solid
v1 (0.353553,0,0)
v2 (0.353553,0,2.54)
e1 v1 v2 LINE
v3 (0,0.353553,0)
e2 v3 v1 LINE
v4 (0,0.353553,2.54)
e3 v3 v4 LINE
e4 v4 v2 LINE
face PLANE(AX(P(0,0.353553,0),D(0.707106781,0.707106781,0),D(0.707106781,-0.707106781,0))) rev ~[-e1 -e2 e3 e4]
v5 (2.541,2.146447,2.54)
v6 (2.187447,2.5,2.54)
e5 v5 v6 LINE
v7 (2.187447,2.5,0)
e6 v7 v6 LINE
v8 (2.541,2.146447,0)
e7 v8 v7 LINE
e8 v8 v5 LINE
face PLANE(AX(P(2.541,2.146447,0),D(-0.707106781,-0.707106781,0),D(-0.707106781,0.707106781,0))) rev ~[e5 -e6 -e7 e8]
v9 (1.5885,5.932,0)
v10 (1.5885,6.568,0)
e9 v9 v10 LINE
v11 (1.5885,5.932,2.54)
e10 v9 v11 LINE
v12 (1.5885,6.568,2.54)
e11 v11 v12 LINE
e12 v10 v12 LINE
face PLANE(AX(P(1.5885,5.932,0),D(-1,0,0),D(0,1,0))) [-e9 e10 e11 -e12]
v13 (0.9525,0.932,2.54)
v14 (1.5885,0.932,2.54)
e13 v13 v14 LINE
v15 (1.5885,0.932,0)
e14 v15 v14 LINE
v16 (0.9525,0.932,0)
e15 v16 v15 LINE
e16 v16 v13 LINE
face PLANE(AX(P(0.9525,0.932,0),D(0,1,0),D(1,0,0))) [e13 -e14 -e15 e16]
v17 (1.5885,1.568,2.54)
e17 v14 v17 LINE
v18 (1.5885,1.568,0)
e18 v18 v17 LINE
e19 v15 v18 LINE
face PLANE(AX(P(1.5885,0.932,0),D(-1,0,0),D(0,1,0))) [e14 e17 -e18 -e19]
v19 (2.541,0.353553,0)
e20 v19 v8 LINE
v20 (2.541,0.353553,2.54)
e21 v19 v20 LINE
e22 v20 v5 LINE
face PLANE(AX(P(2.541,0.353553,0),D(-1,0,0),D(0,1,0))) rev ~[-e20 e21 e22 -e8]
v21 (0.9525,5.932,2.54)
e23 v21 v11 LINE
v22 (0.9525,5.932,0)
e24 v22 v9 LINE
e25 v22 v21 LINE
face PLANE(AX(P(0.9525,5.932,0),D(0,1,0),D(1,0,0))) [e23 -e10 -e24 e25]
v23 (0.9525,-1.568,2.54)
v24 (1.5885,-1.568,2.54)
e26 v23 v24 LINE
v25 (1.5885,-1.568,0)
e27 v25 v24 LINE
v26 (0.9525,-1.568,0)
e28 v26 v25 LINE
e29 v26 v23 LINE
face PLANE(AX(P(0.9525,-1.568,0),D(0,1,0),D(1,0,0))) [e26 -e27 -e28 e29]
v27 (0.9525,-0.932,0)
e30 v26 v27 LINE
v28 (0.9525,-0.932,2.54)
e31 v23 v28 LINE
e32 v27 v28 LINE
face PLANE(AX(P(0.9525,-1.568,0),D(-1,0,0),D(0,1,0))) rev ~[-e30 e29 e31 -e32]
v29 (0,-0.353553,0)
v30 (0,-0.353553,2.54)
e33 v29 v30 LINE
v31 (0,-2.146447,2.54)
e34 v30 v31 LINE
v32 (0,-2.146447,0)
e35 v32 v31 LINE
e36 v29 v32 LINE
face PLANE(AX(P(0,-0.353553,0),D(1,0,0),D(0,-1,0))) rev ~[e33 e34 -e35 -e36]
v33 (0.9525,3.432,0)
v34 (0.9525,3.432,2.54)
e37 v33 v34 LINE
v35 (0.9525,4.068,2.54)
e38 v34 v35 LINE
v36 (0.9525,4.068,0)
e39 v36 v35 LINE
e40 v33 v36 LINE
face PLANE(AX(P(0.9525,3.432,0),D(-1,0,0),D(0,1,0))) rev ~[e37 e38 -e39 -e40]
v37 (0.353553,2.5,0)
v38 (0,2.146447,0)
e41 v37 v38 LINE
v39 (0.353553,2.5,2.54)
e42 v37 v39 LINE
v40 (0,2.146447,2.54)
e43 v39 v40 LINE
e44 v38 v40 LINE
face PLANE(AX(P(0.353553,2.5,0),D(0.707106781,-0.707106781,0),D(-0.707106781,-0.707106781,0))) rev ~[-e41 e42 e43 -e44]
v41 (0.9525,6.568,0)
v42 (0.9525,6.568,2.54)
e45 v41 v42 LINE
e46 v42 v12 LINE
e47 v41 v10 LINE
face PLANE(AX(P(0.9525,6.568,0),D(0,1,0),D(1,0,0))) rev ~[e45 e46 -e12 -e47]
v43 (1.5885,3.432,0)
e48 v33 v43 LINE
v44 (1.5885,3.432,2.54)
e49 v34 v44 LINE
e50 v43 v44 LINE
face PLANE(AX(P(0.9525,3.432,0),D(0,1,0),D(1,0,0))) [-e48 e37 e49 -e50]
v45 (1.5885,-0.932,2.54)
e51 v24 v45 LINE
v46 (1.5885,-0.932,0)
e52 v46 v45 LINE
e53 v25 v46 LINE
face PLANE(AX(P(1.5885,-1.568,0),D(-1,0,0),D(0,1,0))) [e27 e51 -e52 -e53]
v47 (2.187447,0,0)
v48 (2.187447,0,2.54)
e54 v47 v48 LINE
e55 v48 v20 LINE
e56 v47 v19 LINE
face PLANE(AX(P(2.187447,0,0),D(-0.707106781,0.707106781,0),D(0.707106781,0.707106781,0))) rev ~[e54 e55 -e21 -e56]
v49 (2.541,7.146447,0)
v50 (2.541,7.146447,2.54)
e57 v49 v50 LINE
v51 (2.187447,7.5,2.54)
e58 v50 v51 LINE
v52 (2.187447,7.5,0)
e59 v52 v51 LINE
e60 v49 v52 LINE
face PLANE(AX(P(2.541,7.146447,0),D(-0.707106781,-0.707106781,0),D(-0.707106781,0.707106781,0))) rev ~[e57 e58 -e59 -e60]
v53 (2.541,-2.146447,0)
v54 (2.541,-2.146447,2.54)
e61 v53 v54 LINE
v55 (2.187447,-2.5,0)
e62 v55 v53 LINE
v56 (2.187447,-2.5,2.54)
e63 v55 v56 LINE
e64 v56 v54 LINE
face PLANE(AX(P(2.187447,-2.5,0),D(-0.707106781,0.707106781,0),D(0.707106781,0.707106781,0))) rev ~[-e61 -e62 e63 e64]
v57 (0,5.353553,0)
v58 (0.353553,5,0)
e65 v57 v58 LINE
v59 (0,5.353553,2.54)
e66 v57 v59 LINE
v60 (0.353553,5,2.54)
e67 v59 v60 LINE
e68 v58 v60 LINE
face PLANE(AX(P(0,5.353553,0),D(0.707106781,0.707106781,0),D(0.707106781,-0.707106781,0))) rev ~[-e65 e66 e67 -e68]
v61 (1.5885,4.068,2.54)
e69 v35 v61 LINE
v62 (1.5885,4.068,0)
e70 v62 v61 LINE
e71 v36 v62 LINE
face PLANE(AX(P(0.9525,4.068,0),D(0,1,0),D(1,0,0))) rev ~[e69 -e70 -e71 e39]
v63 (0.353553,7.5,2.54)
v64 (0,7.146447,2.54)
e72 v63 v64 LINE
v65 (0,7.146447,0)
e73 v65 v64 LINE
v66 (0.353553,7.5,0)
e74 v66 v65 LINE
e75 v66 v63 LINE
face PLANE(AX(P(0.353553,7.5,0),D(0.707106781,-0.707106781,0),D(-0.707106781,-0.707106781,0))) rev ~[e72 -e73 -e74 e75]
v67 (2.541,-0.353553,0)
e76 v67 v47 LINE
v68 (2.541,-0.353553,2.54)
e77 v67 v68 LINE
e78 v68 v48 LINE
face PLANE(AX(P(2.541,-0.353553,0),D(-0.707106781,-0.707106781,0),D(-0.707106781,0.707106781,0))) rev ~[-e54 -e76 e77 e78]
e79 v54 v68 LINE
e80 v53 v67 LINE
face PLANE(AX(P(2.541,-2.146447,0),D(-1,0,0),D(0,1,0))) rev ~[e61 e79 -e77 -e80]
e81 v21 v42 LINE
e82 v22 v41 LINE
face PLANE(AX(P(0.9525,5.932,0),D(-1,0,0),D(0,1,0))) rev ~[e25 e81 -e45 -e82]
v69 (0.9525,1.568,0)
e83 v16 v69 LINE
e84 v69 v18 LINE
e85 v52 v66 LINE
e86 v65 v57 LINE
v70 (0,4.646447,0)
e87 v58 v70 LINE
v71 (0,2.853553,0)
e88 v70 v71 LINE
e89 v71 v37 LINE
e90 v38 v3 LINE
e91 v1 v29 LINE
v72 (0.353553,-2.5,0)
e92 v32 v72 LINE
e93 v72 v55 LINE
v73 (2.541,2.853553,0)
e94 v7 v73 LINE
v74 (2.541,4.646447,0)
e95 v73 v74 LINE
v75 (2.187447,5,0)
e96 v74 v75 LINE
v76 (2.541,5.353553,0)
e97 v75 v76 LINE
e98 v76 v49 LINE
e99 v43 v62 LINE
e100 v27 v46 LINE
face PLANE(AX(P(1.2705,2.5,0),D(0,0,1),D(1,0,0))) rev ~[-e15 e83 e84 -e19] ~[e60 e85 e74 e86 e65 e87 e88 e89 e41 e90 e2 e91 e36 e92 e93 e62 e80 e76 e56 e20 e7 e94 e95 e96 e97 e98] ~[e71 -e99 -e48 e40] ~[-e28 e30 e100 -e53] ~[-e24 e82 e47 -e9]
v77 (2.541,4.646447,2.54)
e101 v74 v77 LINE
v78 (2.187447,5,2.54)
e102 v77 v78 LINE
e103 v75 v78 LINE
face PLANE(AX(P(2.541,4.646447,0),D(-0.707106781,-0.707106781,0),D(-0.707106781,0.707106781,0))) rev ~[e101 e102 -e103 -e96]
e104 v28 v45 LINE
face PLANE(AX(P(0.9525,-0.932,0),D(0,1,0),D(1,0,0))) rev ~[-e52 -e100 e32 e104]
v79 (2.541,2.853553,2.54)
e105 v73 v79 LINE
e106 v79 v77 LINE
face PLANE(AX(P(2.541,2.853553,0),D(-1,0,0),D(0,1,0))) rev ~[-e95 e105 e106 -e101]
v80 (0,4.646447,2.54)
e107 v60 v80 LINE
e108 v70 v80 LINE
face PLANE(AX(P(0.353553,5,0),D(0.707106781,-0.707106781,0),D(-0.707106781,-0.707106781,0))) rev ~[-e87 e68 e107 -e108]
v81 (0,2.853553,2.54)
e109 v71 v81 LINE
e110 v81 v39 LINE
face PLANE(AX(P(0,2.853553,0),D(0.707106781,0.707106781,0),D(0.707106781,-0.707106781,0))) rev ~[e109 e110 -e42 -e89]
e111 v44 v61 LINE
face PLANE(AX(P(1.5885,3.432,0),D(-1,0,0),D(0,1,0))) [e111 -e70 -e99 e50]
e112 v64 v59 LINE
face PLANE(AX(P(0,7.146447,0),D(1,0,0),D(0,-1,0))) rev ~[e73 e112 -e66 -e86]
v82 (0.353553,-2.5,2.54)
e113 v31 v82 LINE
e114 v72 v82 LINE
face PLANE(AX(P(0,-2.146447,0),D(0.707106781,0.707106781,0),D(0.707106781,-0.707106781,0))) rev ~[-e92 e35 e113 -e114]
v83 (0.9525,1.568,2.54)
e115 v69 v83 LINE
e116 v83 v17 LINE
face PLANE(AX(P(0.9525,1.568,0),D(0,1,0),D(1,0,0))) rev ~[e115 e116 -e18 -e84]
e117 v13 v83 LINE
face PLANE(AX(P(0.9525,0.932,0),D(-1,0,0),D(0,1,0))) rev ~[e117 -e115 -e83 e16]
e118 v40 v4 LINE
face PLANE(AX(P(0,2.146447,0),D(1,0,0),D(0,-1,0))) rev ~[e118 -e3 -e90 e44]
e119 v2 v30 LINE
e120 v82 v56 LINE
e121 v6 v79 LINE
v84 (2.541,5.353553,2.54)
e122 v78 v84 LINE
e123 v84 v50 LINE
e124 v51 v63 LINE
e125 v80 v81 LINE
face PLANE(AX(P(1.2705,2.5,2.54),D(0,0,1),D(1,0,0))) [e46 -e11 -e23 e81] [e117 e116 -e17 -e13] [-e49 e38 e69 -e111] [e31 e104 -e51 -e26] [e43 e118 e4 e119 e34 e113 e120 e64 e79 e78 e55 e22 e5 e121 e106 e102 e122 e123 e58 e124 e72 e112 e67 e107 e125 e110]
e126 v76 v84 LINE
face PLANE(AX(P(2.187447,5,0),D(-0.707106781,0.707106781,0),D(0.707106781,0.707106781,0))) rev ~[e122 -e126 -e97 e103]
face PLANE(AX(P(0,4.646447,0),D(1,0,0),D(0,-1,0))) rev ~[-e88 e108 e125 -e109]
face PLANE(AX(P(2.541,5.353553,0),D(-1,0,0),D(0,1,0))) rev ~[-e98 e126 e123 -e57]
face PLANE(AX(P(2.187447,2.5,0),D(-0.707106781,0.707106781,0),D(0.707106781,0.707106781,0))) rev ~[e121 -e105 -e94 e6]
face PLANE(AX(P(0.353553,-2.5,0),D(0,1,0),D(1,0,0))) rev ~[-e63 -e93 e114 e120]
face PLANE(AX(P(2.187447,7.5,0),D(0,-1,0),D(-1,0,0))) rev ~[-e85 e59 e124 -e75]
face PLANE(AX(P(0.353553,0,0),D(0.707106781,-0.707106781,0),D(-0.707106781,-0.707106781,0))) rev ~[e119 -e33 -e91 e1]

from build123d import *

# Parameters (mm, degrees)
PIN_DRAWING_W       = 0.636
PIN_DRAWING_H       = 0.636
BOSS_EXTRUDE1_DEPTH = 2.54


with BuildPart() as part:
    # pin_drawing → Boss-Extrude1 (new body)
    with BuildSketch(Plane.XY):
        Polygon((0, 2.146446609), (0, 0.353553391), (0.353553391, 0), (0, -0.353553391), (0, -2.146446609), (0.353553391, -2.5), (2.187446609, -2.5), (2.541, -2.146446609), (2.541, -0.353553391), (2.187446609, 0), (2.541, 0.353553391), (2.541, 2.146446609), (2.187446609, 2.5), (2.541, 2.853553391), (2.541, 4.646446609), (2.187446609, 5), (2.541, 5.353553391), (2.541, 7.146446609), (2.187446609, 7.5), (0.353553391, 7.5), (0, 7.146446609), (0, 5.353553391), (0.353553391, 5), (0, 4.646446609), (0, 2.853553391), (0.353553391, 2.5), align=None)
        with Locations((1.2705, -1.25)):
            Rectangle(PIN_DRAWING_W, PIN_DRAWING_H, mode=Mode.SUBTRACT)
        with Locations((1.2705, 1.25)):
            Rectangle(PIN_DRAWING_W, PIN_DRAWING_H, mode=Mode.SUBTRACT)
        with Locations((1.2705, 3.75)):
            Rectangle(PIN_DRAWING_W, PIN_DRAWING_H, mode=Mode.SUBTRACT)
        with Locations((1.2705, 6.25)):
            Rectangle(PIN_DRAWING_W, PIN_DRAWING_H, mode=Mode.SUBTRACT)
    extrude(amount=BOSS_EXTRUDE1_DEPTH)


solid = part.part
